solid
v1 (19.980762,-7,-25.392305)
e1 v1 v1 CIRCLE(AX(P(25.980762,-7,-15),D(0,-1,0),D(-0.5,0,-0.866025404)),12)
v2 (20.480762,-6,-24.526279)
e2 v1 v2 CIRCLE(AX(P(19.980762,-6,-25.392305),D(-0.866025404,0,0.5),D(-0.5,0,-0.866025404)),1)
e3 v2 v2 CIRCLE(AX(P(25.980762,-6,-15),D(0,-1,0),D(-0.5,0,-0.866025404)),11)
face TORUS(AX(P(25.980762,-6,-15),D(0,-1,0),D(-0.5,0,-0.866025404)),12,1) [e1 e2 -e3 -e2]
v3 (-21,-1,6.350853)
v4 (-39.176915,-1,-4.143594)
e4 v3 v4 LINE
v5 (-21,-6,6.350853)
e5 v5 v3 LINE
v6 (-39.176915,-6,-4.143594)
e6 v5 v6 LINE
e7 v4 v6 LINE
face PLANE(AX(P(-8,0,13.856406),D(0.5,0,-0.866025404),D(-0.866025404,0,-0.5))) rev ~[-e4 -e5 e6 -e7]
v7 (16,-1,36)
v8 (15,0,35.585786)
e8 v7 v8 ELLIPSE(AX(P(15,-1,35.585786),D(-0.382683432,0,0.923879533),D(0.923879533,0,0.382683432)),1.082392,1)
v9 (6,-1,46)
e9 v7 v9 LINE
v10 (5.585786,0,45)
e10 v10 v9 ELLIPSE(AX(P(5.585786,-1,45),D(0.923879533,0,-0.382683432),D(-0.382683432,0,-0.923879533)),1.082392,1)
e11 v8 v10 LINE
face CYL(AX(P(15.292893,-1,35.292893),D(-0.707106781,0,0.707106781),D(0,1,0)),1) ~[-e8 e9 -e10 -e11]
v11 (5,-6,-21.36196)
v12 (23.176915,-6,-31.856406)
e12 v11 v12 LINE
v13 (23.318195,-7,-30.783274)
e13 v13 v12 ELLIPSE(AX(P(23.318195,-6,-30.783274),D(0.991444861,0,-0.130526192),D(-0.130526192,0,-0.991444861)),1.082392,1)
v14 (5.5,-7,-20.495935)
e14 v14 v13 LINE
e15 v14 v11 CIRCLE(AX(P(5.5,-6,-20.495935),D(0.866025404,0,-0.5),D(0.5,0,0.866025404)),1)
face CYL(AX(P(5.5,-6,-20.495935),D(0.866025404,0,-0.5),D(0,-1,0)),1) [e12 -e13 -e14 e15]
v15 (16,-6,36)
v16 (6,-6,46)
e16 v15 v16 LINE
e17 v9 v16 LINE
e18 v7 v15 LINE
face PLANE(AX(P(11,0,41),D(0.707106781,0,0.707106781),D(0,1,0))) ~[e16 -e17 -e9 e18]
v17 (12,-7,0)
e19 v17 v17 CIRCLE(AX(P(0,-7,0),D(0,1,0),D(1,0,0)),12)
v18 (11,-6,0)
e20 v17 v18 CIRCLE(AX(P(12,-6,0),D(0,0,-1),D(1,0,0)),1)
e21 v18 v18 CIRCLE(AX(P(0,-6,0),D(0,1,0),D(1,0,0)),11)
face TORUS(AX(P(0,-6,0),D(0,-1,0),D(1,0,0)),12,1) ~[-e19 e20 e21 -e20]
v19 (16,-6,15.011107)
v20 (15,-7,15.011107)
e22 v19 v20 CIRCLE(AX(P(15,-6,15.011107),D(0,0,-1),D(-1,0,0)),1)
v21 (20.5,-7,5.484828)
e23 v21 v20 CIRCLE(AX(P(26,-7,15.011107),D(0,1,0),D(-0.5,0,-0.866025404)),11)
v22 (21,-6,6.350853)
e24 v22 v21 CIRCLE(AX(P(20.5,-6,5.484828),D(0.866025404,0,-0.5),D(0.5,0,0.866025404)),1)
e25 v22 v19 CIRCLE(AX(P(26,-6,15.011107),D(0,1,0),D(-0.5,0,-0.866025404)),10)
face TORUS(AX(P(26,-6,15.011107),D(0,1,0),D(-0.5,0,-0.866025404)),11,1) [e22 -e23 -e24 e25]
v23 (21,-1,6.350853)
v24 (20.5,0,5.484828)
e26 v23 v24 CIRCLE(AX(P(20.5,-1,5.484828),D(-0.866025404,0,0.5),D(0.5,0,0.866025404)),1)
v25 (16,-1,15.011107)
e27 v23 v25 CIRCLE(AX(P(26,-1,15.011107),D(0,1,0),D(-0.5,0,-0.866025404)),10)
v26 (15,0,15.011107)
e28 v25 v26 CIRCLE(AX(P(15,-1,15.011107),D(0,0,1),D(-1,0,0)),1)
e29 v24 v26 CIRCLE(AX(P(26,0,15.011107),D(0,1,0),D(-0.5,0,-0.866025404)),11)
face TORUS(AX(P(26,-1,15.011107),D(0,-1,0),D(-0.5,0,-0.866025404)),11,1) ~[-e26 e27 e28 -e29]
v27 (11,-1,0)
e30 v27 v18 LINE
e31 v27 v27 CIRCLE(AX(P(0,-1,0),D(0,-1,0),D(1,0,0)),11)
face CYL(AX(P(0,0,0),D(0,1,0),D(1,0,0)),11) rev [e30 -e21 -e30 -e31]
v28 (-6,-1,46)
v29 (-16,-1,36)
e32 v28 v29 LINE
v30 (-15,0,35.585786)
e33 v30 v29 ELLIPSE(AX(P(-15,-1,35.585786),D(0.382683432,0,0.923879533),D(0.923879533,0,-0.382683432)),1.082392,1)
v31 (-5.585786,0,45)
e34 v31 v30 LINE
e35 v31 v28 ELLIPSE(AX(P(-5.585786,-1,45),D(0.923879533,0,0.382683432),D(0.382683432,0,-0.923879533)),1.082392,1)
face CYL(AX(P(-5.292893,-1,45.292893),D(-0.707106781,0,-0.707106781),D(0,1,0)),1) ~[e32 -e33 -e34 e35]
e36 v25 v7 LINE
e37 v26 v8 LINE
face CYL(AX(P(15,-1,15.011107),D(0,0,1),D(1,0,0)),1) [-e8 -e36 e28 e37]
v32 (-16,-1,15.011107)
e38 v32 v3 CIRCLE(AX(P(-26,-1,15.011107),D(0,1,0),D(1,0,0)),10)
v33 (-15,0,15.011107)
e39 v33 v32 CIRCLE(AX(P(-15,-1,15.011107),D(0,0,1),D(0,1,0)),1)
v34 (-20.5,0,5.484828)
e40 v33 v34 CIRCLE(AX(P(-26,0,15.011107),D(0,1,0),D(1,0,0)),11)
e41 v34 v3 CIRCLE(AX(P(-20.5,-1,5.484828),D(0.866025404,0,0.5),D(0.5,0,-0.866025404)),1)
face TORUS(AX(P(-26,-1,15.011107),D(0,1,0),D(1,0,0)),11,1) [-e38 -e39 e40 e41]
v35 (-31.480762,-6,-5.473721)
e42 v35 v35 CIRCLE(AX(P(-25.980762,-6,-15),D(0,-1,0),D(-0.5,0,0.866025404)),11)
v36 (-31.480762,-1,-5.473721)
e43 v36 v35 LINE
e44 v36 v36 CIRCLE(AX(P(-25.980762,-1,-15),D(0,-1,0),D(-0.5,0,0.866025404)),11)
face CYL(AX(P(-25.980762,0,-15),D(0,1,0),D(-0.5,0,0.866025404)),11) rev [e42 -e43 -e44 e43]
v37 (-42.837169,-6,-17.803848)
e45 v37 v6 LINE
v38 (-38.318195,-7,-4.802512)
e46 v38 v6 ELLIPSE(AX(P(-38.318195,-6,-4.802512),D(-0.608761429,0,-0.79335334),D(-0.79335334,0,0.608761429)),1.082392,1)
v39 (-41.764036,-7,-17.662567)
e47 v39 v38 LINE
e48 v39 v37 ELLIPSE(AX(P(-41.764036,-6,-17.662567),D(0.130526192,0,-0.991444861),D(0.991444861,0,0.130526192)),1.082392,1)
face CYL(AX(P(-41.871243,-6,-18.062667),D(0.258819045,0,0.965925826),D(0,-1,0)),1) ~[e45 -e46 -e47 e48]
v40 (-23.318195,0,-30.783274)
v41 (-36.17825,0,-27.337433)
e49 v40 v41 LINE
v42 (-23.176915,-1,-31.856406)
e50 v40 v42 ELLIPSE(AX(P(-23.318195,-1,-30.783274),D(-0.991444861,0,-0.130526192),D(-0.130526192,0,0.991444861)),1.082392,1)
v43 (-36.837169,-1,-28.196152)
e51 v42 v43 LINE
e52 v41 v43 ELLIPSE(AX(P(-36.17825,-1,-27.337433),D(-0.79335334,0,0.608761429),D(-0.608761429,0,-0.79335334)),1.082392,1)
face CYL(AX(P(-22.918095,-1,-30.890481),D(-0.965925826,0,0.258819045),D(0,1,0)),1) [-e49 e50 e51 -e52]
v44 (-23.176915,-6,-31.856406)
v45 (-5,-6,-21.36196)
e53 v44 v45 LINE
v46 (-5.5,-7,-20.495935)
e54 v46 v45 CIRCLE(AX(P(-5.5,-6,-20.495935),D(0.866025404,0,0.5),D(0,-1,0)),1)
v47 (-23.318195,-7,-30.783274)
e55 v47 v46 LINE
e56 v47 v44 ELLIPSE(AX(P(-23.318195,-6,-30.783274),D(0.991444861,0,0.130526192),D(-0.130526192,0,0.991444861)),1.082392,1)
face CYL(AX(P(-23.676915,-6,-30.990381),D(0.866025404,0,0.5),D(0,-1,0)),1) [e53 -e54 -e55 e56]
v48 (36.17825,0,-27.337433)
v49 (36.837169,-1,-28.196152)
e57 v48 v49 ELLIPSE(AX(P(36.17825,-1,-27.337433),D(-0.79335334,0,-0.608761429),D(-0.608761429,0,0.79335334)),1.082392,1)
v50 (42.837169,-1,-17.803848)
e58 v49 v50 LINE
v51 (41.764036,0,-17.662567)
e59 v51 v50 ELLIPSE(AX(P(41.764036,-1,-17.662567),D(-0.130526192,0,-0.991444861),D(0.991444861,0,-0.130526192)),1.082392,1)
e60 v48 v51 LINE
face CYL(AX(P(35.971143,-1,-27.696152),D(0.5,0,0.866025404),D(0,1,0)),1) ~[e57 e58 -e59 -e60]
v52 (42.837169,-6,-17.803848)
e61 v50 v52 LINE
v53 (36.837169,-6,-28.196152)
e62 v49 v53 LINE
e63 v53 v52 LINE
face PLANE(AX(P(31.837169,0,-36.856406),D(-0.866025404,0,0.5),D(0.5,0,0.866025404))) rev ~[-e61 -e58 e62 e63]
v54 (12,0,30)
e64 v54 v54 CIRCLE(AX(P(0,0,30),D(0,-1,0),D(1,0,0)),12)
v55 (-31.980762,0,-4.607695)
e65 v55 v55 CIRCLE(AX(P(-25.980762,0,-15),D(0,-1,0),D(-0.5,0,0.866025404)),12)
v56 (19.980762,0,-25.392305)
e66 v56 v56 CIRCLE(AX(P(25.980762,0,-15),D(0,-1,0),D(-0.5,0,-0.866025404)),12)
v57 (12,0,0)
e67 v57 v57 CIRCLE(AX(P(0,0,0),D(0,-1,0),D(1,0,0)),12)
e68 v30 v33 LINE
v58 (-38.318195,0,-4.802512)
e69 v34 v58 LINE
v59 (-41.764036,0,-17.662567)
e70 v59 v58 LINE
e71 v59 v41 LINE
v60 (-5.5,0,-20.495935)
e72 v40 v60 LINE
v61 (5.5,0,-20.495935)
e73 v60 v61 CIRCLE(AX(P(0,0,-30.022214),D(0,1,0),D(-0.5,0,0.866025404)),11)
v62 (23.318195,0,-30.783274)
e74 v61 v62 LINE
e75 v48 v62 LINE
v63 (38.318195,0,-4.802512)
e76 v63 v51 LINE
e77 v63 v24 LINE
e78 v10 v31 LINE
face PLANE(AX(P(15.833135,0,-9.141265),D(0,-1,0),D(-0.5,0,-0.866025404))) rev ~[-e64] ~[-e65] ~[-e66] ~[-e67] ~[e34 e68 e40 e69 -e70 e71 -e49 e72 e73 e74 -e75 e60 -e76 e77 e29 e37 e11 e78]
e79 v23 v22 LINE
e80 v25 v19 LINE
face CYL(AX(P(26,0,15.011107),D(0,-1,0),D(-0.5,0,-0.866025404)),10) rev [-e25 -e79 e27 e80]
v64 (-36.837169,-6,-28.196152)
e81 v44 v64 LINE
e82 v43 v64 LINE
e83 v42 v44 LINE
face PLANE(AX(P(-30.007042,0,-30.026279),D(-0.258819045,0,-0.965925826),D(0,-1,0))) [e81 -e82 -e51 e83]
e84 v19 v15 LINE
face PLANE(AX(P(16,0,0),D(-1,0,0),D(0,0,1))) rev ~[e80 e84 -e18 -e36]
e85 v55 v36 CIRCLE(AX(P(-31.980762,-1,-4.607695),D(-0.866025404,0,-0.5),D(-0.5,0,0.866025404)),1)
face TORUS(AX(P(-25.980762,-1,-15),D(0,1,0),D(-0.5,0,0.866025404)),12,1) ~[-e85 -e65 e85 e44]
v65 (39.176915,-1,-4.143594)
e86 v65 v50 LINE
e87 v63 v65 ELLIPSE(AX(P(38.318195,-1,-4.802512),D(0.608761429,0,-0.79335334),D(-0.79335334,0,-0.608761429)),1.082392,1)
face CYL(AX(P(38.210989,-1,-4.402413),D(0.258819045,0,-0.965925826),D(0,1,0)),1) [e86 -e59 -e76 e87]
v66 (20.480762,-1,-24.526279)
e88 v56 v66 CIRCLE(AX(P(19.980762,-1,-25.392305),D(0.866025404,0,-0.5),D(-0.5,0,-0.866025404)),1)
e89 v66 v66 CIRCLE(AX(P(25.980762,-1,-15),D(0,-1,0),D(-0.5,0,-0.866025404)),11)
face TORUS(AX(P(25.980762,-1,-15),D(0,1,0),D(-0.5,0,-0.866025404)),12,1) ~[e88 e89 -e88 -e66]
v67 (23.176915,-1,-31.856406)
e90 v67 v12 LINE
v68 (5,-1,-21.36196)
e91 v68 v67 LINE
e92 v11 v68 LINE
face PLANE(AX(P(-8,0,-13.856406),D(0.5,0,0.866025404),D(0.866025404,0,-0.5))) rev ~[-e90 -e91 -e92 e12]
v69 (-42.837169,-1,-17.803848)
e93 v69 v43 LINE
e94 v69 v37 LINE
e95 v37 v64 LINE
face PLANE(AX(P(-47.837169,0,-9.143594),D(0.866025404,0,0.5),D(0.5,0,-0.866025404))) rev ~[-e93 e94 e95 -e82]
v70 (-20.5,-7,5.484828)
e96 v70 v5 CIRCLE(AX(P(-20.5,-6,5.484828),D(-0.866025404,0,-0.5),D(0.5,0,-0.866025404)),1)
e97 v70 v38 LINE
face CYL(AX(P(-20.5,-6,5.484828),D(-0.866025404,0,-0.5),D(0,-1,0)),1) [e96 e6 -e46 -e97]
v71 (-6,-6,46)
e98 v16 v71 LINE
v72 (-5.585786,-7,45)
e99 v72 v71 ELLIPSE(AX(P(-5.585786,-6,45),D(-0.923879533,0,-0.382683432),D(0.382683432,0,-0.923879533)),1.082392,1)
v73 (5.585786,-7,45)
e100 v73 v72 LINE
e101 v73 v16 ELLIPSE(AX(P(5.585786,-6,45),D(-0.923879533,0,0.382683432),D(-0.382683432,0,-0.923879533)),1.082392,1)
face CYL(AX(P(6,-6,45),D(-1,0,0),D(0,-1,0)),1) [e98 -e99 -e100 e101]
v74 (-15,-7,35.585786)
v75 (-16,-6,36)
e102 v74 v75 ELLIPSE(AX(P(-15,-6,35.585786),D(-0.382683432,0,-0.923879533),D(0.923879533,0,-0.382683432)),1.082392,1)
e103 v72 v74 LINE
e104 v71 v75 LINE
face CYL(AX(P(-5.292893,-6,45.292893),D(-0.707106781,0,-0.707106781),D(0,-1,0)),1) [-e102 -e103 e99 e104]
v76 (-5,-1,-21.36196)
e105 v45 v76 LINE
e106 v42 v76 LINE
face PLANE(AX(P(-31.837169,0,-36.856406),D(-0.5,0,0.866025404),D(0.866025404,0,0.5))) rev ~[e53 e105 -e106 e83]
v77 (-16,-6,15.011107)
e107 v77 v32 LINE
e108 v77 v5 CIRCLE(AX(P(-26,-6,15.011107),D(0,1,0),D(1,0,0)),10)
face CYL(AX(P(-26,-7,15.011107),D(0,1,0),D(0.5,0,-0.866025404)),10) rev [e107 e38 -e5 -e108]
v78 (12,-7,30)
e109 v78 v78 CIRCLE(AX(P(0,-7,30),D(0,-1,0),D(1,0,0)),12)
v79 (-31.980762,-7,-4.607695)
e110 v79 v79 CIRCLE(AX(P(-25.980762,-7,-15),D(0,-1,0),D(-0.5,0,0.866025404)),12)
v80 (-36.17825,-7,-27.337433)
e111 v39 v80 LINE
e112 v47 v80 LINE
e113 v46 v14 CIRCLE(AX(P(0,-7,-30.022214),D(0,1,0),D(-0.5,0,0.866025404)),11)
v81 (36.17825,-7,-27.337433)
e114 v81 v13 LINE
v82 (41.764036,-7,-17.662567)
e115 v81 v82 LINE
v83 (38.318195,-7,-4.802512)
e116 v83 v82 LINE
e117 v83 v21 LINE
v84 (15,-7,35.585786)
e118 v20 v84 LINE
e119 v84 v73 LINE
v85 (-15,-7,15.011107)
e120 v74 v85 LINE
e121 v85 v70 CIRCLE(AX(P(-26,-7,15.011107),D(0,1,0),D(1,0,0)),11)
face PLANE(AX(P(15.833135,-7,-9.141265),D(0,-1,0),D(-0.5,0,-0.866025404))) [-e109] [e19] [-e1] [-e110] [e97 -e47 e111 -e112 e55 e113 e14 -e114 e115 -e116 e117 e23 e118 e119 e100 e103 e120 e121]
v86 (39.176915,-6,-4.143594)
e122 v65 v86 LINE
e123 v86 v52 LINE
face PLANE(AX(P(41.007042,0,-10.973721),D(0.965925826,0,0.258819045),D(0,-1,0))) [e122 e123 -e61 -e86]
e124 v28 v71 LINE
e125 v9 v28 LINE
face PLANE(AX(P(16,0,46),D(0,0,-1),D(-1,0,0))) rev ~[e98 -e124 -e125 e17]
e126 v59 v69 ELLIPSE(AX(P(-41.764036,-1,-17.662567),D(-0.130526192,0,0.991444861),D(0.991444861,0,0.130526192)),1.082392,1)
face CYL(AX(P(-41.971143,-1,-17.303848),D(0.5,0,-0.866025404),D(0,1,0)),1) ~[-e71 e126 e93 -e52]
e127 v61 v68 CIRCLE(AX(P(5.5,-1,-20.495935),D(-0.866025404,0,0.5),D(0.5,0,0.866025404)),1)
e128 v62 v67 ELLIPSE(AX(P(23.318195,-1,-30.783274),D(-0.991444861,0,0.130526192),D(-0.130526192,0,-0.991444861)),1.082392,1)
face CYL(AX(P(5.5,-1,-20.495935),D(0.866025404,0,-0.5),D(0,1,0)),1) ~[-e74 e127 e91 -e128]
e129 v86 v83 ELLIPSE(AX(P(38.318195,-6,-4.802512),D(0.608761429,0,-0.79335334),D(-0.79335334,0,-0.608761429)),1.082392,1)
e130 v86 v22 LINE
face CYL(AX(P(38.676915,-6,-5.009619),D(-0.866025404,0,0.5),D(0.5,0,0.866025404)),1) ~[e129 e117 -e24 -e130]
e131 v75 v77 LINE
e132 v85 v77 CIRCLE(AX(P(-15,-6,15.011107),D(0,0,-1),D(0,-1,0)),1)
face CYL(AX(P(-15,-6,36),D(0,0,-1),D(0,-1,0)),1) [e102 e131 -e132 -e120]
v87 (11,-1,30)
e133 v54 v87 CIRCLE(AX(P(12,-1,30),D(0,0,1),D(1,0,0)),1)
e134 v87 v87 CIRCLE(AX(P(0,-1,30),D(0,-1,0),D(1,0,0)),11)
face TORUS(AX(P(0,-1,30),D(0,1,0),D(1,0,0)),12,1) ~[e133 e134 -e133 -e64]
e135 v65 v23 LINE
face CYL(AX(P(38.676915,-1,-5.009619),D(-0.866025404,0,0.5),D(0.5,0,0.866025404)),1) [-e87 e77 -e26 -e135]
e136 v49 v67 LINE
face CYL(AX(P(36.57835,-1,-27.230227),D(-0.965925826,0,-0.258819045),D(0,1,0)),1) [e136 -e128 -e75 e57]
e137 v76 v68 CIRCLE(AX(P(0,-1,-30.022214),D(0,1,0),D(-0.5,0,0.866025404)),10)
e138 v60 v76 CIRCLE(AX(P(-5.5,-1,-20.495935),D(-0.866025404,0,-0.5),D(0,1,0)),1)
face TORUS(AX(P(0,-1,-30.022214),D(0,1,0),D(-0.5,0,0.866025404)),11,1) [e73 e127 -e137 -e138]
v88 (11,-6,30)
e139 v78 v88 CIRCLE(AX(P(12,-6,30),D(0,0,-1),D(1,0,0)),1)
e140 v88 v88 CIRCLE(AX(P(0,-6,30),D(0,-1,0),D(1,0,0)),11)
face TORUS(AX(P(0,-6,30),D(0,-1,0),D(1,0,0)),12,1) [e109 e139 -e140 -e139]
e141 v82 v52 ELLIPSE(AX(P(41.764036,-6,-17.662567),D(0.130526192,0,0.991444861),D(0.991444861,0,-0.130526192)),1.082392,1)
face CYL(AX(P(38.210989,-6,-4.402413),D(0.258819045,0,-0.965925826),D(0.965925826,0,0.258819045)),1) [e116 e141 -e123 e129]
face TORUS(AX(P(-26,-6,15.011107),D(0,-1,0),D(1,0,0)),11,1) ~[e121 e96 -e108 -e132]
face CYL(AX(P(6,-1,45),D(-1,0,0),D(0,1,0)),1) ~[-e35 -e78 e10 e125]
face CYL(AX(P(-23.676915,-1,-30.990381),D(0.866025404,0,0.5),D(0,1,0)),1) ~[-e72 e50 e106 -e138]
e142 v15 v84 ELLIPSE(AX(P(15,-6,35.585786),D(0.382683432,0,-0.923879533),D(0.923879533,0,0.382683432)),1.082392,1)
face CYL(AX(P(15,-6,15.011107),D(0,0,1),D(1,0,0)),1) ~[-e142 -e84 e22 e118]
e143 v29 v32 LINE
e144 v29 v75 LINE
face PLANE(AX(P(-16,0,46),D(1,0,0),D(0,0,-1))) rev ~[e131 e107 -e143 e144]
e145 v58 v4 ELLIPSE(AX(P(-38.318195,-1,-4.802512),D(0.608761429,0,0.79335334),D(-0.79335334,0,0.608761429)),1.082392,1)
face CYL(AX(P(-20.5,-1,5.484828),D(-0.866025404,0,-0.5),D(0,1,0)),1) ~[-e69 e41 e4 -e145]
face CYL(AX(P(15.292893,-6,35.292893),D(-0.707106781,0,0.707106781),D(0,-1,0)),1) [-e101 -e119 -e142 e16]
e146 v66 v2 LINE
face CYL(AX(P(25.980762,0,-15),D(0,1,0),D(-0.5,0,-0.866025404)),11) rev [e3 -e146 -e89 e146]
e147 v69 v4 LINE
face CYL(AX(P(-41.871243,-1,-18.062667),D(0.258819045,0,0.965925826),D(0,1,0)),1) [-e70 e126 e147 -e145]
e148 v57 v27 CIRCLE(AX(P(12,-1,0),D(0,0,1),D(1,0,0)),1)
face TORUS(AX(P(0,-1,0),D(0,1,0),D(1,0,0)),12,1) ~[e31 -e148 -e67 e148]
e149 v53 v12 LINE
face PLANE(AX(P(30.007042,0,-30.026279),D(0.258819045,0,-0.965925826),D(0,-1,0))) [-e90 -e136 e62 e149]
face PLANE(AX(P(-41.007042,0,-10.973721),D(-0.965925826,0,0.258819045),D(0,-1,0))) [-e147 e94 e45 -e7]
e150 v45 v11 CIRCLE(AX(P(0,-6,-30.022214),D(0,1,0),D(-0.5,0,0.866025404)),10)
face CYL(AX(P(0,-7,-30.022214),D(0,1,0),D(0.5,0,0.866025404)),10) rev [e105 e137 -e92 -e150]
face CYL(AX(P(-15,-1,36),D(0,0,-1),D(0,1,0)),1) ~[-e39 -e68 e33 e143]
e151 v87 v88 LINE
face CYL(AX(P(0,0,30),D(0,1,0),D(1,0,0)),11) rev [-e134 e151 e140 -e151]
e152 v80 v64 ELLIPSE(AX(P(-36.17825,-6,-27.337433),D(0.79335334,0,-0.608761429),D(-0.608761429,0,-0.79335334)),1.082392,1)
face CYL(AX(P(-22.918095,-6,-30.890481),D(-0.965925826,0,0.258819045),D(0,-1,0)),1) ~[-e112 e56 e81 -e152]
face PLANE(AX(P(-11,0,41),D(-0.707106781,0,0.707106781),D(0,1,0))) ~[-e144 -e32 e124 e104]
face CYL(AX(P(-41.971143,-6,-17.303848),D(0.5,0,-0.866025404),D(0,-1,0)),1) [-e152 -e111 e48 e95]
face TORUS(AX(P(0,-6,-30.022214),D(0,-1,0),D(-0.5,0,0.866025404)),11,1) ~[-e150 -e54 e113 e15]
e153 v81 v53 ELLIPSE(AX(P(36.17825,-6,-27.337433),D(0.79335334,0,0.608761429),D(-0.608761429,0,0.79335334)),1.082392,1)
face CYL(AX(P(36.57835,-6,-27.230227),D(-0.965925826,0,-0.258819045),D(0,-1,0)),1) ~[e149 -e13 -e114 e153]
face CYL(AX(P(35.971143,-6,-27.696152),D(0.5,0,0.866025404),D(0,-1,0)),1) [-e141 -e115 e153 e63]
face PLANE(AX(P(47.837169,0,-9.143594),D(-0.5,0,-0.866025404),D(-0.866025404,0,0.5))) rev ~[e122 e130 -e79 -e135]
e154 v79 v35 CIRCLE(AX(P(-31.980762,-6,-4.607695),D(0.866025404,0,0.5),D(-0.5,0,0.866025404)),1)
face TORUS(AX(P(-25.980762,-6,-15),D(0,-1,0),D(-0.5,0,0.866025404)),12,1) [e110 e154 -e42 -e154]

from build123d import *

# Parameters (mm, degrees)
F0_R     = 11
F1_DEPTH = 7
F2_COUNT = 3
F4_R     = 10
F5_SIZE  = 10
F6_R     = 1


with BuildPart() as f1:
    # F0 (on Front) → F1 (new body)
    with BuildSketch(Plane.XZ):
        with BuildLine():
            Line((-16, 46), (-16, 0))
            ThreePointArc((-16, 0), (0, -16), (16, 0))
            Line((16, 0), (16, 46))
            Line((16, 46), (-16, 46))
        make_face()
        Circle(F0_R, mode=Mode.SUBTRACT)
        with Locations((0, 30)):
            Circle(F0_R, mode=Mode.SUBTRACT)
    extrude(amount=F1_DEPTH)


with BuildPart() as f2_1:
    # F2: instance of F1
    add(f1.part.rotate(Axis((0, -7, 0), (0, -1, 0)), 1 * 360 / F2_COUNT))


with BuildPart() as f2_2:
    # F2: instance of F1
    add(f1.part.rotate(Axis((0, -7, 0), (0, -1, 0)), 2 * 360 / F2_COUNT))


with BuildPart() as f1_1:
    add(f1.part)

    # F3: union F2_1, F2_2
    add(f2_1.part)
    add(f2_2.part)

    # F4
    f4_edges = [f1_1.edges().sort_by_distance(p)[0] for p in [
        (-16, -3.5, 9.237604),
        (0, -3.5, -18.475209),
        (16, -3.5, 9.237604),
    ]]
    fillet(f4_edges, radius=F4_R)

    # F5
    f5_edges = [f1_1.edges().sort_by_distance(p)[0] for p in [
        (-16, -3.5, 46),
        (16, -3.5, 46),
        (47.837169, -3.5, -9.143594),
        (31.837169, -3.5, -36.856406),
        (-31.837169, -3.5, -36.856406),
        (-47.837169, -3.5, -9.143594),
    ]]
    chamfer(f5_edges, length=F5_SIZE)

    # F6
    f6_edges = [f1_1.edges().sort_by_distance(p)[0] for p in [
        (-14.088457, -7, -26.609183),
        (-30.007042, -7, -30.026279),
        (0, -7, -20.022214),
        (-39.837169, -7, -23),
        (14.088457, -7, -26.609183),
        (-41.007042, -7, -10.973721),
        (30.007042, -7, -30.026279),
        (-30.088457, -7, 1.10363),
        (39.837169, -7, -23),
        (-17.339746, -7, 10.011107),
        (41.007042, -7, -10.973721),
        (-16, -7, 25.505553),
        (30.088457, -7, 1.10363),
        (-11, -7, 41),
        (17.339746, -7, 10.011107),
        (0, -7, 46),
        (16, -7, 25.505553),
        (11, -7, 41),
        (-11, -7, 0),
        (31.480762, -7, -5.473721),
        (-20.480762, -7, -24.526279),
        (-11, -7, 30),
        (-14.088457, 0, -26.609183),
        (-30.007042, 0, -30.026279),
        (0, 0, -20.022214),
        (-39.837169, 0, -23),
        (14.088457, 0, -26.609183),
        (-41.007042, 0, -10.973721),
        (30.007042, 0, -30.026279),
        (-30.088457, 0, 1.10363),
        (39.837169, 0, -23),
        (-17.339746, 0, 10.011107),
        (41.007042, 0, -10.973721),
        (-16, 0, 25.505553),
        (30.088457, 0, 1.10363),
        (-11, 0, 41),
        (17.339746, 0, 10.011107),
        (0, 0, 46),
        (16, 0, 25.505553),
        (11, 0, 41),
        (-11, 0, 0),
        (31.480762, 0, -5.473721),
        (-20.480762, 0, -24.526279),
        (-11, 0, 30),
    ]]
    fillet(f6_edges, radius=F6_R)


solid = f1_1.part
